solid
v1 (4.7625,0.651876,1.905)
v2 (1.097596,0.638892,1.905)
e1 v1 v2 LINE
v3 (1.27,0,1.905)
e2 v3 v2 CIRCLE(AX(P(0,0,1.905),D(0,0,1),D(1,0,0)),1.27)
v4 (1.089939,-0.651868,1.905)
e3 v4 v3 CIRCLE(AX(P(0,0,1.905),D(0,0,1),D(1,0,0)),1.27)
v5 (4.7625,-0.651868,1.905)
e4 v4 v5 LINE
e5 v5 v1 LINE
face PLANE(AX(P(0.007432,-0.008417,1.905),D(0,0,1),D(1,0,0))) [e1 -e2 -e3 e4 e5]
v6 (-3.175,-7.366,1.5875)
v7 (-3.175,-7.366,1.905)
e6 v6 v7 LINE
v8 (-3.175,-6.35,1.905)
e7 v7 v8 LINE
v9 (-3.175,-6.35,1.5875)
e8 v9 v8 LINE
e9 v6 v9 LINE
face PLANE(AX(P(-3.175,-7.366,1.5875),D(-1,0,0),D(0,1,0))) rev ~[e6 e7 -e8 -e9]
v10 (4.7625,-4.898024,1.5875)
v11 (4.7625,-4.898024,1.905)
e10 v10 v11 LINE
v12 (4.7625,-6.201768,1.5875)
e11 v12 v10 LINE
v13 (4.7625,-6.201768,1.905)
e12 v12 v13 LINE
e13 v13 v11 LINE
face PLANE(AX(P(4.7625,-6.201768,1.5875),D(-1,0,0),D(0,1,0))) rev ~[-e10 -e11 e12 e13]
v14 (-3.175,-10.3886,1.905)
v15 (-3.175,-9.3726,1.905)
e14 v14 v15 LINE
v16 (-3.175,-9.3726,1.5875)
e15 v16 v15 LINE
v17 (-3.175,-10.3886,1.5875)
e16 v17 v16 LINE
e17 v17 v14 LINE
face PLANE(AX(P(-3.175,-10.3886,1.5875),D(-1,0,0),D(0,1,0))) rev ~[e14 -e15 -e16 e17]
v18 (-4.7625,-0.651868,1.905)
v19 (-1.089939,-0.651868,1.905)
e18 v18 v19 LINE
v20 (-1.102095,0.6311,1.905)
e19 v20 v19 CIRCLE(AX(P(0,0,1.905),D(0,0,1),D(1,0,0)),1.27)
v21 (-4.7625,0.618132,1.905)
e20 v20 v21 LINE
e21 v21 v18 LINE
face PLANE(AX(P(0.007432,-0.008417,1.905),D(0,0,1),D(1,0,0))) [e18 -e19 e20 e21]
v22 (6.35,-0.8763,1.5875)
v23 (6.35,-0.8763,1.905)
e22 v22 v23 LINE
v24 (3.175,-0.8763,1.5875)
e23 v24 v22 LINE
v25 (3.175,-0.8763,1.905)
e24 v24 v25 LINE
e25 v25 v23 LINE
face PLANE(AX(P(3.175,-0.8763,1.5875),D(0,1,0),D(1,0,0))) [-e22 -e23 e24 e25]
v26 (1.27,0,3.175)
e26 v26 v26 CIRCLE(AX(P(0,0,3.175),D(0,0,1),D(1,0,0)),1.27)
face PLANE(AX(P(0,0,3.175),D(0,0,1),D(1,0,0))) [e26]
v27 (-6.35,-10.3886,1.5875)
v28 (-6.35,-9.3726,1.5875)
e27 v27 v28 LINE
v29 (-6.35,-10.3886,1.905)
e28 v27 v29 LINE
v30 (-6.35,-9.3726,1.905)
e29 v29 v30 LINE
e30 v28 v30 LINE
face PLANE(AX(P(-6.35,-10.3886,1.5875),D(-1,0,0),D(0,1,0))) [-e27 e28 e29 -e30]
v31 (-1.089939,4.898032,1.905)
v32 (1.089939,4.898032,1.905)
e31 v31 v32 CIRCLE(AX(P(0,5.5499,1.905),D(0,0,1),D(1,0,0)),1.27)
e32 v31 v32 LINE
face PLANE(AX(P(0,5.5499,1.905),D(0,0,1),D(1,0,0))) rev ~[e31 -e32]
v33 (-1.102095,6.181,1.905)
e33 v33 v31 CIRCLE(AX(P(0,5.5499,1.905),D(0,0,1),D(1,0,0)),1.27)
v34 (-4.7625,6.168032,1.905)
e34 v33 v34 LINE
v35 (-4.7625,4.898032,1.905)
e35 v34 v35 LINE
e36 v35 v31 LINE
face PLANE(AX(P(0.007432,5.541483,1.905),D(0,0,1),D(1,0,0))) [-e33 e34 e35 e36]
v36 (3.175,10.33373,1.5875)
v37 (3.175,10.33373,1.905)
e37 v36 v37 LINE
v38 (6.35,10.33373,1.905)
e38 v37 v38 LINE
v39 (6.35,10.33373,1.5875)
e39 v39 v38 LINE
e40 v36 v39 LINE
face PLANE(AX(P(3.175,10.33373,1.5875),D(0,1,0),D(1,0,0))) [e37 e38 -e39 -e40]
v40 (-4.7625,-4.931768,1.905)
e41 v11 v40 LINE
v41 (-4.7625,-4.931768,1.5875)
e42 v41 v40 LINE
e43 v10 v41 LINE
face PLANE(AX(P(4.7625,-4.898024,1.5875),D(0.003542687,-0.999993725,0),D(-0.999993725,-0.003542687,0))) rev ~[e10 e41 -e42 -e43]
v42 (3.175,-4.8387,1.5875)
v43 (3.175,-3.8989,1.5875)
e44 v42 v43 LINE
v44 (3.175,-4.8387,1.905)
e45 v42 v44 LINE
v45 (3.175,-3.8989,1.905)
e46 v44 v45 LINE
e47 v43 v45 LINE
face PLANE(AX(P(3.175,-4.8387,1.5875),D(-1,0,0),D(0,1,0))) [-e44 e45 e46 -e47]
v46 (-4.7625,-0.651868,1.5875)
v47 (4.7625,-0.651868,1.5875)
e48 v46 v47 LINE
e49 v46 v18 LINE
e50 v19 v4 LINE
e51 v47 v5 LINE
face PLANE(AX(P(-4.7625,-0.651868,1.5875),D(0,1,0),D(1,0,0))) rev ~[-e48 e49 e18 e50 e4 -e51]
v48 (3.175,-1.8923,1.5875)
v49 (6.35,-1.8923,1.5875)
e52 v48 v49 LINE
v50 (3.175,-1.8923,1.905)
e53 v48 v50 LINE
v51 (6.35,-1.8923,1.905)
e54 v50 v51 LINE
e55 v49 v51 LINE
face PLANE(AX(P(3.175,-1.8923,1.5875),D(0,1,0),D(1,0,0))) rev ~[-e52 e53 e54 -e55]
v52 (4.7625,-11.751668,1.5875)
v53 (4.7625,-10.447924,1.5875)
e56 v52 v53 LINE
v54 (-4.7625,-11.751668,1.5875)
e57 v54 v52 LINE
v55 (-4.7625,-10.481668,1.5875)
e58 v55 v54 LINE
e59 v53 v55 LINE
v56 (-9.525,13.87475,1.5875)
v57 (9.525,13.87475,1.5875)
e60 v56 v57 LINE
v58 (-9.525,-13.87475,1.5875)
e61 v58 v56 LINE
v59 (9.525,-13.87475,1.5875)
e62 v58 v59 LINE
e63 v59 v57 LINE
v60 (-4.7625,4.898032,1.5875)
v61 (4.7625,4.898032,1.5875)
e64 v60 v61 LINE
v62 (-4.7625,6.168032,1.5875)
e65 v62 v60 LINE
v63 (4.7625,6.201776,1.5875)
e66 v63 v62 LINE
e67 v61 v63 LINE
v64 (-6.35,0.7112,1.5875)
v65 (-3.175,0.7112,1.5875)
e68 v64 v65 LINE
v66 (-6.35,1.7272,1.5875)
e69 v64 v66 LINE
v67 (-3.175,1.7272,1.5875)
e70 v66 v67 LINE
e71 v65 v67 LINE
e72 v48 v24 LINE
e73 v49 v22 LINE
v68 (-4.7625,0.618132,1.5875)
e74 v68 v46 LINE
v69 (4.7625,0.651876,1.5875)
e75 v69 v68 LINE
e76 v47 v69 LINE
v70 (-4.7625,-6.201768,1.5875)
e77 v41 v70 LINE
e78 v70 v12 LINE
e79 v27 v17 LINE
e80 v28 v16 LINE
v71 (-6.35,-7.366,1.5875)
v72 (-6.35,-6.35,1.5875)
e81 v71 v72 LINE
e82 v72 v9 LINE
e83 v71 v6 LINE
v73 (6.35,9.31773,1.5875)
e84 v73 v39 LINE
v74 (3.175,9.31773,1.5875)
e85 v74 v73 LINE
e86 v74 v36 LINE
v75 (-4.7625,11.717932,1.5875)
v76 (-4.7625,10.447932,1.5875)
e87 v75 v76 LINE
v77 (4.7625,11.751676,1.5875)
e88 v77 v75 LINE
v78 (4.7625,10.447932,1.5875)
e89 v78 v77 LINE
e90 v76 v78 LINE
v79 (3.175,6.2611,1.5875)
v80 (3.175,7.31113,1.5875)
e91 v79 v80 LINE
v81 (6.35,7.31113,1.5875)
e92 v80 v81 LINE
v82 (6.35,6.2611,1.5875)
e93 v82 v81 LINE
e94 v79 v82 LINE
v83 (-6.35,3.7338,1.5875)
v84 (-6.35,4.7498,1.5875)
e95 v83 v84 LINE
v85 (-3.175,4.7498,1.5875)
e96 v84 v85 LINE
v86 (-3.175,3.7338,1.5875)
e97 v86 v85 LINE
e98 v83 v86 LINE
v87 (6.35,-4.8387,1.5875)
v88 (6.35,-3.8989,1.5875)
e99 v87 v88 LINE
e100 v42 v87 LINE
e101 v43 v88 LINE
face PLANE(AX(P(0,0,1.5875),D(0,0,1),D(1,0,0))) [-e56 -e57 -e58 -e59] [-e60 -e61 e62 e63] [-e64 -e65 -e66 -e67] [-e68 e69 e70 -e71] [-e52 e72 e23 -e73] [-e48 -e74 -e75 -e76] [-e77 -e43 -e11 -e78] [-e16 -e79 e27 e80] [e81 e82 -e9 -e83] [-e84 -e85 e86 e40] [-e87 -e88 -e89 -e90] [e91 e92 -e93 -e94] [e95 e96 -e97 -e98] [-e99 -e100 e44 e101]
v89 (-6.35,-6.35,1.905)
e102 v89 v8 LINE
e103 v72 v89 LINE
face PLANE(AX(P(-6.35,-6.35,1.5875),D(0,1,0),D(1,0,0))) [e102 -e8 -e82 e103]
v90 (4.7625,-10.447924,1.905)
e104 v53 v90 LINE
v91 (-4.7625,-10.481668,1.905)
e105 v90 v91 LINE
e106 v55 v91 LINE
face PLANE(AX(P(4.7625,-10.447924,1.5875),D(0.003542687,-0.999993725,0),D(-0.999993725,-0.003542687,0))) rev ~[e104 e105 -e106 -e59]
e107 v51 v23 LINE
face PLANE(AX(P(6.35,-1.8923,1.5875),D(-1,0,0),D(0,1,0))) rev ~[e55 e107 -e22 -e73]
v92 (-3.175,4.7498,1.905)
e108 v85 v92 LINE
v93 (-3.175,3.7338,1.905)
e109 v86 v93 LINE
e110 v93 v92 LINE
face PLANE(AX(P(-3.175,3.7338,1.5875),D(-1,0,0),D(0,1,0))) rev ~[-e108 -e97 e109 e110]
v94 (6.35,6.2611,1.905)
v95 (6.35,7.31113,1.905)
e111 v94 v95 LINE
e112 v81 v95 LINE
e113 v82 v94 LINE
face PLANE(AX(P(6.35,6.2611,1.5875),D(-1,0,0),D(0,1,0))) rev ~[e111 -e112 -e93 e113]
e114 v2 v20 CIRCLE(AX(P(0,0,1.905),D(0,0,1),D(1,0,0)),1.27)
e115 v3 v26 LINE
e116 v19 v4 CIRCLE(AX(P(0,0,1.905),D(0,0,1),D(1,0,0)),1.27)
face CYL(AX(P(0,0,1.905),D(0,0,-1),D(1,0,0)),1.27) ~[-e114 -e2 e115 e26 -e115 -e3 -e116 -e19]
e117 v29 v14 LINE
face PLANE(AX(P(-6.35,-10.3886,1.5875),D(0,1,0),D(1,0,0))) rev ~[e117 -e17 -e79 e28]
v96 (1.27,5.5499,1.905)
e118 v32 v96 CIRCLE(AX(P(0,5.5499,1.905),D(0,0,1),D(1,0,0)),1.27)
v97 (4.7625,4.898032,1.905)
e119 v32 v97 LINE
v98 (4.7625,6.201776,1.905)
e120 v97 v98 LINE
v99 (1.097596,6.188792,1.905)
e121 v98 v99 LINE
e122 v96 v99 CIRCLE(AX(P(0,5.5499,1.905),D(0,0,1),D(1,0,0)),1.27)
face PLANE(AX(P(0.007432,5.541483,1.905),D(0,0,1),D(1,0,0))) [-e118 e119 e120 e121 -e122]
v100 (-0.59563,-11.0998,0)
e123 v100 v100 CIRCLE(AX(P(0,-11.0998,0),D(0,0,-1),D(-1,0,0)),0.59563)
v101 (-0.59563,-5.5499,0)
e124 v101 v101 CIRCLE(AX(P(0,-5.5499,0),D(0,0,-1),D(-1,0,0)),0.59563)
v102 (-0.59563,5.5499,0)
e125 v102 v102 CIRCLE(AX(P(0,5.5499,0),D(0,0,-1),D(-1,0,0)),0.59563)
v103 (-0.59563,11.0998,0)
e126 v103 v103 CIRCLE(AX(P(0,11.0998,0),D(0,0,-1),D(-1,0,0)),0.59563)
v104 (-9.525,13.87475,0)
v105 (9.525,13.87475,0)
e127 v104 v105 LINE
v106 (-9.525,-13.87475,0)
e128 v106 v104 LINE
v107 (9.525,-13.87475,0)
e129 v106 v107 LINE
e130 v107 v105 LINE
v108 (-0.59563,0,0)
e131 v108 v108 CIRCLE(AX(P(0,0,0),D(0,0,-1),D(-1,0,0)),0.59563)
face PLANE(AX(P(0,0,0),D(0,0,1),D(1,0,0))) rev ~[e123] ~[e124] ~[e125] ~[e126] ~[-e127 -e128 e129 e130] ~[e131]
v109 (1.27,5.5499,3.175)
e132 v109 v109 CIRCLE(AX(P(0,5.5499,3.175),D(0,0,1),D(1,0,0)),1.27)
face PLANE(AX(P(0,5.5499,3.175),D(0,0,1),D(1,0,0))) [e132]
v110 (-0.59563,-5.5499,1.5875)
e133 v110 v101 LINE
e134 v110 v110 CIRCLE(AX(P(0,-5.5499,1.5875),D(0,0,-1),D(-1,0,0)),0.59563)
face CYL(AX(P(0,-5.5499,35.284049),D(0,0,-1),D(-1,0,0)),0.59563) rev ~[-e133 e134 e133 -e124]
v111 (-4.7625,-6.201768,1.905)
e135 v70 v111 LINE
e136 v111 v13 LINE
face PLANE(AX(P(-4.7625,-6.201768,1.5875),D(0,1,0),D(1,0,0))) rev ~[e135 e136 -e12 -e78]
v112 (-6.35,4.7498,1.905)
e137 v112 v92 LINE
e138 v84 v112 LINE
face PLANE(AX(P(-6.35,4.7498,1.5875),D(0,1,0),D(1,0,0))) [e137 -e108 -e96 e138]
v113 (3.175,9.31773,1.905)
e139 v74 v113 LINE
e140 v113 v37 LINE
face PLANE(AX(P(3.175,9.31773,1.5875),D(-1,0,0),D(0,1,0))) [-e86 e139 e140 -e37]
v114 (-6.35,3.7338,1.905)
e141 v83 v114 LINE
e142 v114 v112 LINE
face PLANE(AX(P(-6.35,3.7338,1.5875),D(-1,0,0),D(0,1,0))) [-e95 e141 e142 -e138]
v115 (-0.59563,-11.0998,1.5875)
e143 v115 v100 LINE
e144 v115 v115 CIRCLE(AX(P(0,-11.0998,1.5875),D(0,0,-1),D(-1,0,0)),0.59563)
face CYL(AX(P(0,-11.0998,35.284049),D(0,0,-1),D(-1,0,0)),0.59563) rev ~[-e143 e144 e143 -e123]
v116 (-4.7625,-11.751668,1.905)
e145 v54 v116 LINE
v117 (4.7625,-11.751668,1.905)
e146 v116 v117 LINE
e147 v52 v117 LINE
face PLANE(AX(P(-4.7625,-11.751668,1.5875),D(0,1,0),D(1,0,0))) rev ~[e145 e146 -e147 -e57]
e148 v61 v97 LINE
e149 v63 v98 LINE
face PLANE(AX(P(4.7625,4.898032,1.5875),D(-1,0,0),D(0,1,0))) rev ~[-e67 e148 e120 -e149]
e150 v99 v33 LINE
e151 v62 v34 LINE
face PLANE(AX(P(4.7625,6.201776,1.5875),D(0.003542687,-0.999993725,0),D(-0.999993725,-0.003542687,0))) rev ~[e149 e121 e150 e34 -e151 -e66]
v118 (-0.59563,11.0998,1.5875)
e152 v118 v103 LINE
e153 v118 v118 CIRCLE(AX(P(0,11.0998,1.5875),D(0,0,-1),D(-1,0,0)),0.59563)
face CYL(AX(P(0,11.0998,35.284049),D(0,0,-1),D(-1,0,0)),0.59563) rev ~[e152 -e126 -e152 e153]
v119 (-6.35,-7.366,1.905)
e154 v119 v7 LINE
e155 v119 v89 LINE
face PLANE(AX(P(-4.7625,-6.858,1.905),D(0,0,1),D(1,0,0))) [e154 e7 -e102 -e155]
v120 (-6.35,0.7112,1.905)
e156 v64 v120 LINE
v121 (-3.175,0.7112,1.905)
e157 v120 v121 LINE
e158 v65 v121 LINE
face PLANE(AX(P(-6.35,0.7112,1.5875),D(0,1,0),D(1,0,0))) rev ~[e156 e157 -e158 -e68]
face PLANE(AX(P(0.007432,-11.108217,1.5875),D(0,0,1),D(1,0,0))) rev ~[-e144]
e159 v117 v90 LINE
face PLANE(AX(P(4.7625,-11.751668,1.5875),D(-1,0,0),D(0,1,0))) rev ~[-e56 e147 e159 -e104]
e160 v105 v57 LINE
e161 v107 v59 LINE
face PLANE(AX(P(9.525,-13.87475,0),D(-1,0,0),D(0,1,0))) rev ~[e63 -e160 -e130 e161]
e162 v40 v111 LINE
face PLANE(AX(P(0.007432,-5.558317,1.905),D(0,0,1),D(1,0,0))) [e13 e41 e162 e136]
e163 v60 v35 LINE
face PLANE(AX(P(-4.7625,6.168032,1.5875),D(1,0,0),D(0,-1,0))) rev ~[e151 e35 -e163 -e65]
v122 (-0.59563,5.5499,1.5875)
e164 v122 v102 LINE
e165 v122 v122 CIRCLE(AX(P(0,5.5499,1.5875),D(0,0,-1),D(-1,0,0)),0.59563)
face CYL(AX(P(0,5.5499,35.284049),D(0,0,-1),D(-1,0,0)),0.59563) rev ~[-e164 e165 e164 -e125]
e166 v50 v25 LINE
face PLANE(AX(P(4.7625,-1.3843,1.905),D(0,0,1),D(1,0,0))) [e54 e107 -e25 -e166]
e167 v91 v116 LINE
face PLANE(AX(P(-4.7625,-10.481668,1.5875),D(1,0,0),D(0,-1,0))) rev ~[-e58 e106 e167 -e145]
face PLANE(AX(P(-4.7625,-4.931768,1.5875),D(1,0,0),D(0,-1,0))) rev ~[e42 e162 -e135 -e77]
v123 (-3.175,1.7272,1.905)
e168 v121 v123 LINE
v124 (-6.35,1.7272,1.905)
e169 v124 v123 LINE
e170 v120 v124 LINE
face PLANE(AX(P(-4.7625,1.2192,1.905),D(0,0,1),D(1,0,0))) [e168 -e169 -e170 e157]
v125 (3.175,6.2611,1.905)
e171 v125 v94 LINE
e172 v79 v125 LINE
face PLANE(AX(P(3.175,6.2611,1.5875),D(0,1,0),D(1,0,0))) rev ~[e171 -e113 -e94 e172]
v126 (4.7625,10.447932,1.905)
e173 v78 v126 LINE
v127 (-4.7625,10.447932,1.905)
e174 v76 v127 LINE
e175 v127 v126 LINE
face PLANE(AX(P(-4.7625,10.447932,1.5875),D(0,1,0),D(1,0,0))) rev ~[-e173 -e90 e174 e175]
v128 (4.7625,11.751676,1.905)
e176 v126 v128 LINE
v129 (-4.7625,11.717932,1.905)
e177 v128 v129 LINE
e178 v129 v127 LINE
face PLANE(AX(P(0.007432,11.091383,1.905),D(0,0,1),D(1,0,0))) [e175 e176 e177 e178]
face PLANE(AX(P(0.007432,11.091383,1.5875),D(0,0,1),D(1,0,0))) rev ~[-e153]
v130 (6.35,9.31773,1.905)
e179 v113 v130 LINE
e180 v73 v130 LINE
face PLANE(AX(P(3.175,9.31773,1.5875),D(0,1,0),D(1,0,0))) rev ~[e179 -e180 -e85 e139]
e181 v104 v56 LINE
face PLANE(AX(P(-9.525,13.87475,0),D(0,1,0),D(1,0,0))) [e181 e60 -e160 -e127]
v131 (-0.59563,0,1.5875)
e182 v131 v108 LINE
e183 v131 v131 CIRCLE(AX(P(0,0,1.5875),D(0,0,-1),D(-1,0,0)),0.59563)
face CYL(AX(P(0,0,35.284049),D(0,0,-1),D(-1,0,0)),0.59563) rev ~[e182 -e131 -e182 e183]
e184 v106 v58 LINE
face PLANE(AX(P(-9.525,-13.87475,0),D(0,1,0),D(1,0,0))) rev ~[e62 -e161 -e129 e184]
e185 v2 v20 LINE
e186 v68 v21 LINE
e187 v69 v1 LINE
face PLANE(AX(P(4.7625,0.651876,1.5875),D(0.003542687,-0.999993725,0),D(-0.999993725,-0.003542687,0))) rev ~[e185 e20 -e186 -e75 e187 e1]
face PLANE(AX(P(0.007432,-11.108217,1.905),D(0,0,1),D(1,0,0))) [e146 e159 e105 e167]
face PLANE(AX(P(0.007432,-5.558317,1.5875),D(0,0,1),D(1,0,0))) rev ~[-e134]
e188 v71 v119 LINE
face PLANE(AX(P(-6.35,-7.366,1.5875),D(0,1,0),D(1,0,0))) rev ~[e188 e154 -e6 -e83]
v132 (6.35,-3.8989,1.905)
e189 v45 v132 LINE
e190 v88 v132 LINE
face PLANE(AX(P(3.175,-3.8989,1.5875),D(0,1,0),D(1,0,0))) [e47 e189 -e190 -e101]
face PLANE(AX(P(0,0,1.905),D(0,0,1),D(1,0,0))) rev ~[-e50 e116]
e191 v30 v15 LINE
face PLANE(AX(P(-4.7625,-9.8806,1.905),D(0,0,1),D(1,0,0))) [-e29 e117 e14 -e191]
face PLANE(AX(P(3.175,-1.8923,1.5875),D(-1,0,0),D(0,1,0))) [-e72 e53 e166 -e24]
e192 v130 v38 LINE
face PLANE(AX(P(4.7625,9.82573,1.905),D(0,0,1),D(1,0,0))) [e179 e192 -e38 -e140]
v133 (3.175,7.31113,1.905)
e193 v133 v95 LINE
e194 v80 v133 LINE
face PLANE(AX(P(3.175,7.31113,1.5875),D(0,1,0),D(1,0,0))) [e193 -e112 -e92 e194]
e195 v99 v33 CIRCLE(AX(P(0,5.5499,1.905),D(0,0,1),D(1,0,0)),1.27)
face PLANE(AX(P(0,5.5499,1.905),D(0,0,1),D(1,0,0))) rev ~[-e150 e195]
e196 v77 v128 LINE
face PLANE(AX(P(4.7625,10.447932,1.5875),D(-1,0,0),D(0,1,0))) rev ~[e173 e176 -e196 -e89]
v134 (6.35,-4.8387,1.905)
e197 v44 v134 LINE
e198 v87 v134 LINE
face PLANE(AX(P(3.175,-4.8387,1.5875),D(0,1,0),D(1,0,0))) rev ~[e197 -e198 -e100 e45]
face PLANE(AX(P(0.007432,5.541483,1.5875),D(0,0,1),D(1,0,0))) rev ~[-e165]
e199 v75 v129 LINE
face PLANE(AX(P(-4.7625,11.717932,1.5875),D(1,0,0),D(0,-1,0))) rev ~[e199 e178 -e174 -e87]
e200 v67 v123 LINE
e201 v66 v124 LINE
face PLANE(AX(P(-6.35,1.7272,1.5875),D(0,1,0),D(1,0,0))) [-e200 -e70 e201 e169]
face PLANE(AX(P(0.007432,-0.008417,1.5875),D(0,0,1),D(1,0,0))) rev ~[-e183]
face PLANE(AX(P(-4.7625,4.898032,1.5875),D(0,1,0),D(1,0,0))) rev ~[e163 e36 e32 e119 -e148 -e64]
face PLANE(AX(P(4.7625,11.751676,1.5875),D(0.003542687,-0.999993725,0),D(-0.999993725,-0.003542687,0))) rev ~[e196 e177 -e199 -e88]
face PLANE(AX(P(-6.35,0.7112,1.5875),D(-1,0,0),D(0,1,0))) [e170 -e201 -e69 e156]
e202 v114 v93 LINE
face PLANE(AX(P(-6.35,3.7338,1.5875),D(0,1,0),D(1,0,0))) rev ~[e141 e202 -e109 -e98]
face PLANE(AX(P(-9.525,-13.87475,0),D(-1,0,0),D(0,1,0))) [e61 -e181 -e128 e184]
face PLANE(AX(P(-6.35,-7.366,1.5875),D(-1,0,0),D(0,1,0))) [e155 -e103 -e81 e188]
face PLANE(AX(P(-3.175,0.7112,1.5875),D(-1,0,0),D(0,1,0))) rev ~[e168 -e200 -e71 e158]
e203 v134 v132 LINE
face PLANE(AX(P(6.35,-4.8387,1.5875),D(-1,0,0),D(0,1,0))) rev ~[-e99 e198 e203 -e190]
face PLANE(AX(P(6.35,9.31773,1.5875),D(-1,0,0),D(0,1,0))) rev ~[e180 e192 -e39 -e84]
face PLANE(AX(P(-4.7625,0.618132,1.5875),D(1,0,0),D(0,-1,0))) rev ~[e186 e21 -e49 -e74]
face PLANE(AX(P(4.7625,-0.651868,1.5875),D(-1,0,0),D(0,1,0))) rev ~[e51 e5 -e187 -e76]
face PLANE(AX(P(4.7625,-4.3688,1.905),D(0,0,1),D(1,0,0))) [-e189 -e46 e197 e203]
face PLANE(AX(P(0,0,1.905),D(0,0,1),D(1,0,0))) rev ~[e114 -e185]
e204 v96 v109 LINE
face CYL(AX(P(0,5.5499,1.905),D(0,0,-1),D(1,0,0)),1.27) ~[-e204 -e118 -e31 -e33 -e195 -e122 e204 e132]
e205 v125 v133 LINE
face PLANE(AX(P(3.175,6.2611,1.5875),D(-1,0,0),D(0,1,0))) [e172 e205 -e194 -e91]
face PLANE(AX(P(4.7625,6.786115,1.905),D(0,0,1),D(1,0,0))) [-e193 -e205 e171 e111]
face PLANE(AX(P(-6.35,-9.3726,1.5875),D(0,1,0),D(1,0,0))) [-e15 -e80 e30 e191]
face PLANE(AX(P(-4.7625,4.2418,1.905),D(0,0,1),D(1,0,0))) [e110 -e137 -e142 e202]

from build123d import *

# Parameters (mm, degrees)
SKETCH1_W             = 19.05
SKETCH1_H             = 27.7495
BOSS_EXTRUDE1_DEPTH   = 1.5875
F_0_80_TAPPED_HOLE1_D = 1.19126
SKETCH4_W             = 3.175
SKETCH4_H             = 0.9398
SKETCH4_H_2           = 1.016
SKETCH4_H_3           = 1.050029844
BOSS_EXTRUDE2_DEPTH   = 0.3175
BOSS_EXTRUDE3_DEPTH   = 0.3175
LPATTERN1_COUNT       = 5
LPATTERN1_PITCH       = 5.5499
SKETCH8_R             = 1.27
BOSS_EXTRUDE4_DEPTH   = 1.27


with BuildPart() as part:
    # Sketch1 → Boss-Extrude1 (new body)
    with BuildSketch(Plane.XY):
        Rectangle(SKETCH1_W, SKETCH1_H)
    extrude(amount=BOSS_EXTRUDE1_DEPTH)

    # #0-80 Tapped Hole1 (through all)
    with Locations(Plane.XY.offset(1.5875)):
        with Locations((0, -11.0998), (0, -5.5499), (0, 0), (0, 5.5499), (0, 11.0998)):
            Hole(F_0_80_TAPPED_HOLE1_D / 2)

    # Sketch4 → Boss-Extrude2 (add)
    with BuildSketch(Plane.XY.offset(1.5875)):
        with Locations((4.7625, -4.3688)):
            Rectangle(SKETCH4_W, SKETCH4_H)
        with Locations((-4.7625, -9.8806)):
            Rectangle(SKETCH4_W, SKETCH4_H_2)
        with Locations((-4.7625, -6.858)):
            Rectangle(SKETCH4_W, SKETCH4_H_2)
        with Locations((4.7625, -1.3843)):
            Rectangle(SKETCH4_W, SKETCH4_H_2)
        with Locations((-4.7625, 1.2192)):
            Rectangle(SKETCH4_W, SKETCH4_H_2)
        with Locations((-4.7625, 4.2418)):
            Rectangle(SKETCH4_W, SKETCH4_H_2)
        with Locations((4.7625, 6.786114922)):
            Rectangle(SKETCH4_W, SKETCH4_H_3)
        with Locations((4.7625, 9.825729844)):
            Rectangle(SKETCH4_W, SKETCH4_H_2)
    extrude(amount=BOSS_EXTRUDE2_DEPTH)

    # Sketch6 → Boss-Extrude3 (add)
    with BuildSketch(Plane.XY.offset(1.5875)):
        Polygon((4.7625, -10.447923864), (-4.7625, -10.481668166), (-4.7625, -11.751668166), (4.7625, -11.751668166), align=None)
    boss_extrude3 = extrude(amount=BOSS_EXTRUDE3_DEPTH)

    # LPattern1: Boss-Extrude3 ×5
    with Locations(*[(0, i * LPATTERN1_PITCH, 0) for i in range(1, LPATTERN1_COUNT)]):
        add(boss_extrude3)

    # Sketch8 → Boss-Extrude4 (add)
    with BuildSketch(Plane.XY.offset(1.905)):
        Circle(SKETCH8_R)
        with Locations((0, 5.5499)):
            Circle(SKETCH8_R)
    extrude(amount=BOSS_EXTRUDE4_DEPTH)


solid = part.part
